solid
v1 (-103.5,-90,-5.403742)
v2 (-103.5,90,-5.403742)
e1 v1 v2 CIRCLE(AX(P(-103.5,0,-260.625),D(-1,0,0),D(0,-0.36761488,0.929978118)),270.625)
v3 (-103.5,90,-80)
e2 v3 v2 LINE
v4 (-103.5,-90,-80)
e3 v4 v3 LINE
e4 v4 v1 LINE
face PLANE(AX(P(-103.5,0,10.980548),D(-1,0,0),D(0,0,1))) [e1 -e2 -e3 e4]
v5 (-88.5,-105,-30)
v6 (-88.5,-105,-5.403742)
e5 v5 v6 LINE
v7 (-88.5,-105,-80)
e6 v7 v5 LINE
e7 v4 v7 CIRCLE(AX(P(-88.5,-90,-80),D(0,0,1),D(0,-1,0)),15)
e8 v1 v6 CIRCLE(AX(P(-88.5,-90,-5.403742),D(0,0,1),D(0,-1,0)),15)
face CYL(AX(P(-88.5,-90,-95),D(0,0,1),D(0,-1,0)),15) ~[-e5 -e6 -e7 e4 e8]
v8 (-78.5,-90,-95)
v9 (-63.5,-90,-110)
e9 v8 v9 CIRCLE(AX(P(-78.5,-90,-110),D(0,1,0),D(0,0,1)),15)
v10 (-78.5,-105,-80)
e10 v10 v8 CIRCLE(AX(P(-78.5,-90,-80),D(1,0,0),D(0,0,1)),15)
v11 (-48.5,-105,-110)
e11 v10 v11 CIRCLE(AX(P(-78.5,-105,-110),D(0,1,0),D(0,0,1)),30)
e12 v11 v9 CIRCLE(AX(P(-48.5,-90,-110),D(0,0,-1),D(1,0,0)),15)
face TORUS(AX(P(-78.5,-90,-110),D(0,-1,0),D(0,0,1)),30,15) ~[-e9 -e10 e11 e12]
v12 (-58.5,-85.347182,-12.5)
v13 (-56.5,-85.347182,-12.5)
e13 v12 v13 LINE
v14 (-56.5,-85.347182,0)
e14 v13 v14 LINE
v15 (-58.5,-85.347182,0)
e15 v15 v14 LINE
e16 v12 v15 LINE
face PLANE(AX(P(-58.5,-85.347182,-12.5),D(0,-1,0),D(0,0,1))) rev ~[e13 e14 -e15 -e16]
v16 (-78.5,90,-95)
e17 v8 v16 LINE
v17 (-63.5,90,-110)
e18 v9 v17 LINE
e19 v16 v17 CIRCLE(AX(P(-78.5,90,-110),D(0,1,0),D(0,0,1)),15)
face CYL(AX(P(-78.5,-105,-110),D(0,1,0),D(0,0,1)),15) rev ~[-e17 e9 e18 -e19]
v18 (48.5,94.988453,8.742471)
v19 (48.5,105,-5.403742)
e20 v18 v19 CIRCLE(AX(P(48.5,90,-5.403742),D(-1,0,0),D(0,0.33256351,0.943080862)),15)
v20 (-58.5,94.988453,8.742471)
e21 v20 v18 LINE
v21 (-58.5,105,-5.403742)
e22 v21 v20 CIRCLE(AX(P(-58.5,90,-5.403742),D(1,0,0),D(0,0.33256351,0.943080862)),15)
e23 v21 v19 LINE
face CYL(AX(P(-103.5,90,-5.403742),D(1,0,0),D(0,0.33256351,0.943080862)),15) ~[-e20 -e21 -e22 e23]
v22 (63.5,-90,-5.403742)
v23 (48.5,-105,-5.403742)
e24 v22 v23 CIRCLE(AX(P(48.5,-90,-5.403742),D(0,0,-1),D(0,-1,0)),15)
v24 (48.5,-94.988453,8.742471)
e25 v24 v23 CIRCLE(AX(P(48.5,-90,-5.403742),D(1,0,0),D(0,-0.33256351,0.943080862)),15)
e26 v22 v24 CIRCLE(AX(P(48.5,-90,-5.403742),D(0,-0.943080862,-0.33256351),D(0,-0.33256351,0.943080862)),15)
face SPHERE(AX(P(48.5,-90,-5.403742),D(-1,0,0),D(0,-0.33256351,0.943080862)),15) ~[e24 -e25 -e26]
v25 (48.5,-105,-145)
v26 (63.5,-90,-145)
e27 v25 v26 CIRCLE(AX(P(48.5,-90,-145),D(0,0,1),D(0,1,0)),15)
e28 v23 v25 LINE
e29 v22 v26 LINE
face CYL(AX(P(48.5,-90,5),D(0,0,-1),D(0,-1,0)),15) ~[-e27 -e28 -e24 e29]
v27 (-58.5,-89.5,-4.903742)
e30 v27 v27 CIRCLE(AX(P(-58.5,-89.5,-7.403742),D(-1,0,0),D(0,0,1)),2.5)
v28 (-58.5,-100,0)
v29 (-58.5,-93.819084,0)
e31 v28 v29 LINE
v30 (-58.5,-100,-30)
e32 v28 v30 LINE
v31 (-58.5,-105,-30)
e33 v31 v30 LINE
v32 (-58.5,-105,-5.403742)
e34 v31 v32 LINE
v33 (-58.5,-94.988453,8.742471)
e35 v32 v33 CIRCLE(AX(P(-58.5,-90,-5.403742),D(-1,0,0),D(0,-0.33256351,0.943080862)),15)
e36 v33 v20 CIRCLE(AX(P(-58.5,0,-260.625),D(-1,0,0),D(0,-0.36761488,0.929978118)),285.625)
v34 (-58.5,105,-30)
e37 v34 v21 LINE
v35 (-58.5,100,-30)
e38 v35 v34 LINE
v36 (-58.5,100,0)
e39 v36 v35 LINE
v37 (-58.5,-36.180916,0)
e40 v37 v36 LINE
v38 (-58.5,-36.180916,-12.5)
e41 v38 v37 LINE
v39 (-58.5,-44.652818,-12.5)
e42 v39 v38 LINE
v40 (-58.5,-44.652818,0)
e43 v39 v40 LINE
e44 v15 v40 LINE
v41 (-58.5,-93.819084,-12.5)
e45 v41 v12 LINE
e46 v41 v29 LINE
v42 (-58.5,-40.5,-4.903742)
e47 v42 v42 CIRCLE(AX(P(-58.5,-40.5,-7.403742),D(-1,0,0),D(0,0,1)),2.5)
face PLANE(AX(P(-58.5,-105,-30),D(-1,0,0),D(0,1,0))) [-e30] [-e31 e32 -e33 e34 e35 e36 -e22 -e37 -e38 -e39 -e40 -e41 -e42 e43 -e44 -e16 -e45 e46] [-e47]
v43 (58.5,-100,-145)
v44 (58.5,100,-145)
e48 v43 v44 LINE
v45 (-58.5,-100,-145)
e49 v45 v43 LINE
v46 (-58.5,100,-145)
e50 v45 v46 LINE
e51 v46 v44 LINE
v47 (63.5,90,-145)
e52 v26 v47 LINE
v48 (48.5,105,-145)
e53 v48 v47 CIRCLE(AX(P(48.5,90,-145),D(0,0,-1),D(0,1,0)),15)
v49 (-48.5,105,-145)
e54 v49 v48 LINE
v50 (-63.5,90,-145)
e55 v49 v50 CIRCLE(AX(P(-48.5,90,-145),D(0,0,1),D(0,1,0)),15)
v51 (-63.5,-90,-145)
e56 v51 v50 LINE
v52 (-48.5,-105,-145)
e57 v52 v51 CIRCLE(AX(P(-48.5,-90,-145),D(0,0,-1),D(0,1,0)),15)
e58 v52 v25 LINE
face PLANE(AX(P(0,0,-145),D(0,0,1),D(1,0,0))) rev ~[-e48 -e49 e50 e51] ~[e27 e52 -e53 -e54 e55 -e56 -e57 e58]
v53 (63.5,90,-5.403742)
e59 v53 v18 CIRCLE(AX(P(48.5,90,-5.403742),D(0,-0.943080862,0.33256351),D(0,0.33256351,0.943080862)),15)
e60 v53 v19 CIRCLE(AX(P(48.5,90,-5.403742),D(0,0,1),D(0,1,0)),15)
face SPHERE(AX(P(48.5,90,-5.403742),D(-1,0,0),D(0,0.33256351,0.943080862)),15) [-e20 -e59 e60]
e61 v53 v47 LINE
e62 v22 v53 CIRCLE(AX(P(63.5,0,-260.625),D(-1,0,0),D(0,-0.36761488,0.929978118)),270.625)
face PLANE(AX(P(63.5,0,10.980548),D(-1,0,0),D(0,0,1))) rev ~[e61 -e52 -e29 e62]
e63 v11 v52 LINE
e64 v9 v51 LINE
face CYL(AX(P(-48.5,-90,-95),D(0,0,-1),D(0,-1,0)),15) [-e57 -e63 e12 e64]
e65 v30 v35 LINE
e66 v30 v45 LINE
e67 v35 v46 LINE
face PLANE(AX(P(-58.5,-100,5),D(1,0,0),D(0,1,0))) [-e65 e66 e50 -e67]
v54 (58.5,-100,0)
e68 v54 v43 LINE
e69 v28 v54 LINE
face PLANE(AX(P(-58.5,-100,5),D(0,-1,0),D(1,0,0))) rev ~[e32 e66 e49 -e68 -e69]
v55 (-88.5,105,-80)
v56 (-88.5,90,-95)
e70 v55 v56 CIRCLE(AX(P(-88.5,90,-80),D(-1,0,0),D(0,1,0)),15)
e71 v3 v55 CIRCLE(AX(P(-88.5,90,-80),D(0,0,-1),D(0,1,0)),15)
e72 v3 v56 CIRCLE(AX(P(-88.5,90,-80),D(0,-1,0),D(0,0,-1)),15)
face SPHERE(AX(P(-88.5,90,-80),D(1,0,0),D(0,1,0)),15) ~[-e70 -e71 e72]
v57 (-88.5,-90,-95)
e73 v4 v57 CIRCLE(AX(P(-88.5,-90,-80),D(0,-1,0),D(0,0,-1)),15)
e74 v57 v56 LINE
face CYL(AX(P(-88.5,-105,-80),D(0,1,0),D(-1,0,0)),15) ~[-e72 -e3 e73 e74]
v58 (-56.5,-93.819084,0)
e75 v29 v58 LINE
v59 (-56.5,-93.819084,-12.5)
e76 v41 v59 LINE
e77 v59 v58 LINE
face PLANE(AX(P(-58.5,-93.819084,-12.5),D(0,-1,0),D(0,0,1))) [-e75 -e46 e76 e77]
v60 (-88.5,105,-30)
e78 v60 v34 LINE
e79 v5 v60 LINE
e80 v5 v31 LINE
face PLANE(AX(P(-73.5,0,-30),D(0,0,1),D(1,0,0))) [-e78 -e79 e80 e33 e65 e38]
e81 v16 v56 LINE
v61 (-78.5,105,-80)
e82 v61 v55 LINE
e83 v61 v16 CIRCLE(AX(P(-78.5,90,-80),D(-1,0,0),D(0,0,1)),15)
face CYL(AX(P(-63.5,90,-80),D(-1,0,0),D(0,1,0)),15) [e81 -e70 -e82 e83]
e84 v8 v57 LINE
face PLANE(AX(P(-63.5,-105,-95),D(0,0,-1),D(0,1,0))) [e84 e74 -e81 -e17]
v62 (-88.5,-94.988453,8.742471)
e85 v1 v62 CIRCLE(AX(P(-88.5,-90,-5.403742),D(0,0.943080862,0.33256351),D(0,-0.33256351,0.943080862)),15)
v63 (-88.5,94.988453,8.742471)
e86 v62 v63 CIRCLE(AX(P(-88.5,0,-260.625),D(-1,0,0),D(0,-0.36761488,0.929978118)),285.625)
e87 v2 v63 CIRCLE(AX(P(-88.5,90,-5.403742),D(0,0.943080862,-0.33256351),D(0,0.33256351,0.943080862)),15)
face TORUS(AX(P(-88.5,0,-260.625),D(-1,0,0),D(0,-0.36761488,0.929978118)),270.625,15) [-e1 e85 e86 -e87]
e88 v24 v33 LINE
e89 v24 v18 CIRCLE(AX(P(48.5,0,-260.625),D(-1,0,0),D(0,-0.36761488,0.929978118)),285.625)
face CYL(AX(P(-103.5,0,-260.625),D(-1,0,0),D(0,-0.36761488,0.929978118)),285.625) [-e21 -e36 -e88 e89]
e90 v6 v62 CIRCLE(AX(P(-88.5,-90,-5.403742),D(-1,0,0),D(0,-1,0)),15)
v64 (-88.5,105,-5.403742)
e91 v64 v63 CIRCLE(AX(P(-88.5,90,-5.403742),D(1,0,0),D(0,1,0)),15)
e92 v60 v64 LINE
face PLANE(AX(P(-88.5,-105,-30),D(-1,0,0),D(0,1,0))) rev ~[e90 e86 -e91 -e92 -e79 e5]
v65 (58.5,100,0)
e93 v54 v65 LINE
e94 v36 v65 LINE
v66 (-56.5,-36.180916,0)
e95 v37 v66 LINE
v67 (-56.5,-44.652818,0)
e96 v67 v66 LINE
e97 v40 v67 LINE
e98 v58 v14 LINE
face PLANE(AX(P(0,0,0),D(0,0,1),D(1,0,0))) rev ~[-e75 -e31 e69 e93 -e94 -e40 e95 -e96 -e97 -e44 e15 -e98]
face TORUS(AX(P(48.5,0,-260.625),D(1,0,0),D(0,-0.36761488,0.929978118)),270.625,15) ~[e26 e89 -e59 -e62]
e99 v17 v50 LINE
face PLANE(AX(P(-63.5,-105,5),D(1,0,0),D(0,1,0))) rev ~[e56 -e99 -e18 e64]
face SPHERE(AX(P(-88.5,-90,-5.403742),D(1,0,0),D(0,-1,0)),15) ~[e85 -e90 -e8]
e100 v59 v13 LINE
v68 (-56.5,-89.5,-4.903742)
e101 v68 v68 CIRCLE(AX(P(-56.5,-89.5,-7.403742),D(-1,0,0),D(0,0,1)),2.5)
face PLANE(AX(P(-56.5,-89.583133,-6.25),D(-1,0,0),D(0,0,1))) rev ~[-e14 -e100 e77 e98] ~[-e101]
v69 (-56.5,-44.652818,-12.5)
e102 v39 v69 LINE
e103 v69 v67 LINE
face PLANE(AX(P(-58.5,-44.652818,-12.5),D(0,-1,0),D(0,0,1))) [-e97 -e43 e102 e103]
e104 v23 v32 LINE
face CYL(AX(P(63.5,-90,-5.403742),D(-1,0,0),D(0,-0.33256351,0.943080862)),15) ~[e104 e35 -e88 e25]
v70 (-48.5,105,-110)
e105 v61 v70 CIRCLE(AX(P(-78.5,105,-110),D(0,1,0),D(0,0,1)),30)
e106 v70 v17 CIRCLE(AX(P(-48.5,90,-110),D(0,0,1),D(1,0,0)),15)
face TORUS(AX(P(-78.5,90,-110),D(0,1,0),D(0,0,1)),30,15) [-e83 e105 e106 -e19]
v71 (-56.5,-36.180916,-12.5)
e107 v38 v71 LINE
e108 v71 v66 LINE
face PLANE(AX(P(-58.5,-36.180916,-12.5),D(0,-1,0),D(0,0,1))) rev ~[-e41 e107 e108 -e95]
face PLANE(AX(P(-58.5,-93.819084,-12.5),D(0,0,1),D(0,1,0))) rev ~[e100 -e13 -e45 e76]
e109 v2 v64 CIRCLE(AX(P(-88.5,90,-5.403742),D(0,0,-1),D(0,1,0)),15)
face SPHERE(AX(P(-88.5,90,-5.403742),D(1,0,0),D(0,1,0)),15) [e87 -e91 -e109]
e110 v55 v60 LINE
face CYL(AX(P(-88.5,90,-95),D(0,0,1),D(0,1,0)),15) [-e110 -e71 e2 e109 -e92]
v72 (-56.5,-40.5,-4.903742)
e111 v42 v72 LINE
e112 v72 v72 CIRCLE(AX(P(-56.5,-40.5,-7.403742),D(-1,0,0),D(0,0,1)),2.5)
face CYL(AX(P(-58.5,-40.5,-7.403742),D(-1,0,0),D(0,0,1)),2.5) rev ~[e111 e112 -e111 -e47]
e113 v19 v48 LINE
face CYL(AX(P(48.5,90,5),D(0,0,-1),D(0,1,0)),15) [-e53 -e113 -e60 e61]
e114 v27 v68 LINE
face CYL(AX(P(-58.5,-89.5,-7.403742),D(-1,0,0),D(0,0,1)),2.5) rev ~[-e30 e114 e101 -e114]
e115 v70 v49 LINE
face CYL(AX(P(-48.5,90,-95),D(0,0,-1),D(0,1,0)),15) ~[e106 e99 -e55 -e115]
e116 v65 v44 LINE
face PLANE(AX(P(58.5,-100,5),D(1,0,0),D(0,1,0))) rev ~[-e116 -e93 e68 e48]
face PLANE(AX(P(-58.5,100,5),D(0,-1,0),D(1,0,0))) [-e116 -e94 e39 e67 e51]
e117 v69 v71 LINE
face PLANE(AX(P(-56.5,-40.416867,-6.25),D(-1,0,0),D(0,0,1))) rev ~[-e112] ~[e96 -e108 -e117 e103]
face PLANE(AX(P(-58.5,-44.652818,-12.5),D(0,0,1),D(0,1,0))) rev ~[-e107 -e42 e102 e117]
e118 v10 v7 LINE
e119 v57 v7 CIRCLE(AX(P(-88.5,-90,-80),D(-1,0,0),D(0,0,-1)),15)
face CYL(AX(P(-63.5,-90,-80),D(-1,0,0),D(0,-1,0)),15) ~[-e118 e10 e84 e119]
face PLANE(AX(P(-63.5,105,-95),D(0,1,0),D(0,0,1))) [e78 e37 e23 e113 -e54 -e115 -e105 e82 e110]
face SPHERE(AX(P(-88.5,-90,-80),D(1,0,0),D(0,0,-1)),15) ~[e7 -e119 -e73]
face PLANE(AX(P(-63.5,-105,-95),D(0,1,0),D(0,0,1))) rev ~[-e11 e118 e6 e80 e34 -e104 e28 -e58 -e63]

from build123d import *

# Parameters (mm, degrees)
CROQUIS1_W                 = 117
CROQUIS1_H                 = 200
SALIENTE_EXTRUIR1_DEPTH    = 5
CROQUIS2_W                 = 127
CROQUIS2_H                 = 210
CROQUIS2_W_2               = 117
CROQUIS2_H_2               = 200
SALIENTE_EXTRUIR2_DEPTH    = 150
CROQUIS3_W                 = 100
CROQUIS3_H                 = 210
SALIENTE_EXTRUIR3_DEPTH    = 40
SALIENTE_EXTRUIR4_DEPTH    = 167
REDONDEO1_R                = 15
CORTAR_EXTRUIR1_DEPTH      = 207.790352773
CORTAR_EXTRUIR1_DEPTH_BACK = 30
CROQUIS5_W                 = 30
CROQUIS5_H                 = 210
CROQUIS6_W                 = 12.5
CROQUIS6_H                 = 8.471901852
CROQUIS6_R                 = 2.5
SALIENTE_EXTRUIR6_DEPTH    = 2


with BuildPart() as part:
    # Croquis1 → Saliente-Extruir1 (new body)
    with BuildSketch(Plane.XY):
        Rectangle(CROQUIS1_W, CROQUIS1_H)
    extrude(amount=SALIENTE_EXTRUIR1_DEPTH)

    # Croquis2 → Saliente-Extruir2 (add)
    with BuildSketch(Plane.XY.offset(5)):
        Rectangle(CROQUIS2_W, CROQUIS2_H)
        Rectangle(CROQUIS2_W_2, CROQUIS2_H_2, mode=Mode.SUBTRACT)
    extrude(amount=-SALIENTE_EXTRUIR2_DEPTH)

    # Croquis3 → Saliente-Extruir3 (add)
    with BuildSketch(Plane.ZY.offset(63.5)):
        with Locations((-45, 0)):
            Rectangle(CROQUIS3_W, CROQUIS3_H)
    extrude(amount=SALIENTE_EXTRUIR3_DEPTH)

    # Croquis4 → Saliente-Extruir4 (add)
    with BuildSketch(Plane.ZY.offset(103.5)):
        with BuildLine():
            Line((5, 105), (5, -105))
            ThreePointArc((5, -105), (25, 0), (5, 105))
        make_face()
    extrude(amount=-SALIENTE_EXTRUIR4_DEPTH)

    # Redondeo1
    redondeo1_edges = [part.edges().sort_by_distance(p)[0] for p in [
        (63.5, 105, -70),
        (63.5, -105, -70),
        (-63.5, -105, -120),
        (-63.5, 105, -120),
        (-20, 105, 5),
        (-20, -105, 5),
        (-63.5, 0, -95),
        (-83.5, 105, -95),
        (-83.5, -105, -95),
        (-103.5, 105, -45),
        (-103.5, 0, -95),
        (-103.5, -105, -45),
        (-103.5, 0, 25),
        (63.5, 0, 25),
    ]]
    fillet(redondeo1_edges, radius=REDONDEO1_R)

    # Croquis5 → Cortar-Extruir1 (cut, two sides: drawn at the far end of the back side and taken through both)
    with BuildSketch(Plane.XY.offset(-CORTAR_EXTRUIR1_DEPTH_BACK)):
        with Locations((-73.5, 0)):
            Rectangle(CROQUIS5_W, CROQUIS5_H)
    extrude(amount=CORTAR_EXTRUIR1_DEPTH + CORTAR_EXTRUIR1_DEPTH_BACK, mode=Mode.SUBTRACT)

    # Croquis6 → Saliente-Extruir6 (add)
    # profile 1 of 2: a face of its own
    with BuildSketch(Plane.ZY.offset(58.5)):
        with Locations((-6.25, -40.416867006)):
            Rectangle(CROQUIS6_W, CROQUIS6_H)
        with Locations((-7.403741824, -40.5)):
            Circle(CROQUIS6_R, mode=Mode.SUBTRACT)
    # profile 2 of 2: a face of its own
    with BuildSketch(Plane.ZY.offset(58.5)):
        with Locations((-6.25, -89.583132994)):
            Rectangle(CROQUIS6_W, CROQUIS6_H)
        with Locations((-7.403741824, -89.5)):
            Circle(CROQUIS6_R, mode=Mode.SUBTRACT)
    extrude(amount=-SALIENTE_EXTRUIR6_DEPTH)


solid = part.part
